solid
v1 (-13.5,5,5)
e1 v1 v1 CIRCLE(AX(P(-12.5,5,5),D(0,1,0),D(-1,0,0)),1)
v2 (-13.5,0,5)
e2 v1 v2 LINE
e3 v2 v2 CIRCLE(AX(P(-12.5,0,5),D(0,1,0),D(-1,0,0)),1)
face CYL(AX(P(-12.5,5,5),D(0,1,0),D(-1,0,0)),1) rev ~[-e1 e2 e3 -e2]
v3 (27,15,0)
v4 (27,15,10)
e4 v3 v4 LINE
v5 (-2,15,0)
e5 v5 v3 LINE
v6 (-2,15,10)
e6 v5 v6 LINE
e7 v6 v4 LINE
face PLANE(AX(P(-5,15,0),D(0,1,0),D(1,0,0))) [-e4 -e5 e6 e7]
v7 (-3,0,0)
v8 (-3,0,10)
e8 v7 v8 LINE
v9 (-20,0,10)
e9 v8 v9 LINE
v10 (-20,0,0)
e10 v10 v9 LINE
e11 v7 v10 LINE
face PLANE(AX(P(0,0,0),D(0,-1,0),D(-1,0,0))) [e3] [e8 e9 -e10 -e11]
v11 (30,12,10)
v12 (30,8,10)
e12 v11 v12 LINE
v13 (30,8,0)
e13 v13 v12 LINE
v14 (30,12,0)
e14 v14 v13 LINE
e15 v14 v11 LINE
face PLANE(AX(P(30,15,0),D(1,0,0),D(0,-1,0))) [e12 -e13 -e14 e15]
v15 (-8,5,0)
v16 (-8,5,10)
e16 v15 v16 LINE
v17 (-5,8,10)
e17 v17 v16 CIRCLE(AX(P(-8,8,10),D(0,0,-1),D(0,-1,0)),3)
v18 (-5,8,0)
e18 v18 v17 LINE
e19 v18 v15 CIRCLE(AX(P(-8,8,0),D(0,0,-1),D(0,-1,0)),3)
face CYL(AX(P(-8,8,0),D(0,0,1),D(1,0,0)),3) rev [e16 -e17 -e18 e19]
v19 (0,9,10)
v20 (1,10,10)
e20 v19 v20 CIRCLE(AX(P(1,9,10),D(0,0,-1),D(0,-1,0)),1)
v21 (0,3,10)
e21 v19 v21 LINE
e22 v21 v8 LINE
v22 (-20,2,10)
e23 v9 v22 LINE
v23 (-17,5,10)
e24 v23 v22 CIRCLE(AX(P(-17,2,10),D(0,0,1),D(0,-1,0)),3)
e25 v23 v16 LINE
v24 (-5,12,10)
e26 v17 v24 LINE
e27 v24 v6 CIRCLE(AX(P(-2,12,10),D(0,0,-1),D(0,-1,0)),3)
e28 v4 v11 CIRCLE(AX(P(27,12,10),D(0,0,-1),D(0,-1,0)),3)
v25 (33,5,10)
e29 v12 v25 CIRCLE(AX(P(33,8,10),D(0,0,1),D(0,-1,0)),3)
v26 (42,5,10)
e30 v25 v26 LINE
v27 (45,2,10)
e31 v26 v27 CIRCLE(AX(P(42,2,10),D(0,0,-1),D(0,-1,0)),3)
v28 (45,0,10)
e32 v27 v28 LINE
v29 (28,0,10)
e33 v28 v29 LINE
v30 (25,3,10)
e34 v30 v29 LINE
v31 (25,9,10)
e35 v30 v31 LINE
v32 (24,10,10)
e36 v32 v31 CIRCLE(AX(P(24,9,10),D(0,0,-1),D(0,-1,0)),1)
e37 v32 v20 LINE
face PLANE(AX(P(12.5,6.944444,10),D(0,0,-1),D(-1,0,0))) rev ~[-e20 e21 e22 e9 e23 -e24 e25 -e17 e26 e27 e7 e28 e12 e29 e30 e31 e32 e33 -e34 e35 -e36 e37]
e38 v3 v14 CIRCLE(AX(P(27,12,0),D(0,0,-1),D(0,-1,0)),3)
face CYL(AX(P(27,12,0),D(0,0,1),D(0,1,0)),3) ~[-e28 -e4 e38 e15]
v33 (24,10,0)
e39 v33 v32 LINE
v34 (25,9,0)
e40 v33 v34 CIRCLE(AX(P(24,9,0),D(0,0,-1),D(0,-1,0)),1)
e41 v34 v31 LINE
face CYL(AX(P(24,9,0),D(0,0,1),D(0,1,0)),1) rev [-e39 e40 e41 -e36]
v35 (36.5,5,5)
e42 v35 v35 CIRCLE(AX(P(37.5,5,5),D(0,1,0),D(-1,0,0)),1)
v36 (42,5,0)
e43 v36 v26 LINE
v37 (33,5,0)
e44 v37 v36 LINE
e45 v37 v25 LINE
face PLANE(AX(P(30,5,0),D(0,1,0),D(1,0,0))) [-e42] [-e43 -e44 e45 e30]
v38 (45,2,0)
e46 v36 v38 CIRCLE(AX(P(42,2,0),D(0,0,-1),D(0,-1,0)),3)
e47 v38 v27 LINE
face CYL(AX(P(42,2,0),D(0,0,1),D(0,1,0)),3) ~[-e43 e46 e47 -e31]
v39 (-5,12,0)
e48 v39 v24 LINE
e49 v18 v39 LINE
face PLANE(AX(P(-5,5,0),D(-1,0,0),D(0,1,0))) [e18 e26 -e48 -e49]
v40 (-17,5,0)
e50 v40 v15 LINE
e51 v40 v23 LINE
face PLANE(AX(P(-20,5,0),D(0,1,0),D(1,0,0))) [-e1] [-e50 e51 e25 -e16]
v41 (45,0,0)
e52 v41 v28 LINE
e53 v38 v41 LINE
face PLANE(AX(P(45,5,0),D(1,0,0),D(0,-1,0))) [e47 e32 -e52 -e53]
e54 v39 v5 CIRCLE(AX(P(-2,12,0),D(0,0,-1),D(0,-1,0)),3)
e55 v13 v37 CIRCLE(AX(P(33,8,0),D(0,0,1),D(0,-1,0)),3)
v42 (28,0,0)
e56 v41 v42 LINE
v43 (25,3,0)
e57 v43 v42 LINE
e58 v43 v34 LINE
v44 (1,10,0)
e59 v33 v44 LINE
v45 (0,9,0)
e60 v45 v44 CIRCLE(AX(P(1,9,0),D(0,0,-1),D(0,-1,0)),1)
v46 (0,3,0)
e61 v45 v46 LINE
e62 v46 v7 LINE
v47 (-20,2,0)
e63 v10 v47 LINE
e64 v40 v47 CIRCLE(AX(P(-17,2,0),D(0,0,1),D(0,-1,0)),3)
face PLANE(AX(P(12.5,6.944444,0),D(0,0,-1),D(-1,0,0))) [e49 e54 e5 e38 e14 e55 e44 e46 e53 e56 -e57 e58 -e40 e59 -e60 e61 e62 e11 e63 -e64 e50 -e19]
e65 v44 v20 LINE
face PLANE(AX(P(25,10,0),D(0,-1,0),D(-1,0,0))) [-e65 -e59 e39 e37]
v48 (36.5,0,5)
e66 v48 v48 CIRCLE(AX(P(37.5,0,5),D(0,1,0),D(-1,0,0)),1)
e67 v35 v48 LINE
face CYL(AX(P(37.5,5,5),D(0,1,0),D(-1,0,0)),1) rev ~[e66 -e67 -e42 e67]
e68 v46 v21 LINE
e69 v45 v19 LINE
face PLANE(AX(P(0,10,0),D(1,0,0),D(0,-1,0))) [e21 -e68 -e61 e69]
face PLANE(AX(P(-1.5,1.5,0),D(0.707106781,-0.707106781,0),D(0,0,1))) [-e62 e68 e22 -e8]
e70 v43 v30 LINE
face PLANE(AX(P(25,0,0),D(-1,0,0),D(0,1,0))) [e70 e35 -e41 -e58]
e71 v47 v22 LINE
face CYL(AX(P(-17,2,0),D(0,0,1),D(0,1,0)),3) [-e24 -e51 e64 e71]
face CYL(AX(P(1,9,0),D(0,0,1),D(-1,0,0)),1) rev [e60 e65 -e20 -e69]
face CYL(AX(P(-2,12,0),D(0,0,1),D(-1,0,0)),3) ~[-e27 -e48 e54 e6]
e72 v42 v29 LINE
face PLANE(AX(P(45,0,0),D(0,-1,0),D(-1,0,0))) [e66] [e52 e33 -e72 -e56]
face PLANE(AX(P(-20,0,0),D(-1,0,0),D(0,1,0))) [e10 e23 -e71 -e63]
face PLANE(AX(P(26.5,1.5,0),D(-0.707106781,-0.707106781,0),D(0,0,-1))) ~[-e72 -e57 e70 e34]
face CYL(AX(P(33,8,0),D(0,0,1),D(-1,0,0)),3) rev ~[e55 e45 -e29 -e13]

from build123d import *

# Parameters (mm, degrees)
PAD_DEPTH       = 10
FILLET_R        = 3
FILLET001_R     = 1
FILLET002_R     = 1
CHAMFER_SIZE    = 3
CHAMFER001_SIZE = 3
FILLET003_R     = 3
FILLET004_R     = 3
FILLET005_R     = 3
FILLET006_R     = 3
FILLET007_R     = 3
SKETCH001_R     = 1
POCKET_DEPTH    = 5
SKETCH002_R     = 1
POCKET001_DEPTH = 5


with BuildPart() as part:
    # Sketch → Pad (new body)
    with BuildSketch(Plane.XY):
        Polygon((0, 0), (-20, 0), (-20, 5), (-5, 5), (-5, 15), (30, 15), (30, 5), (45, 5), (45, 0), (25, 0), (25, 10), (0, 10), align=None)
    extrude(amount=PAD_DEPTH)

    # Fillet
    fillet_edges = [part.edges().sort_by_distance(p)[0] for p in [
        (-5, 15, 5),
    ]]
    fillet(fillet_edges, radius=FILLET_R)

    # Fillet001
    fillet001_edges = [part.edges().sort_by_distance(p)[0] for p in [
        (0, 10, 5),
    ]]
    fillet(fillet001_edges, radius=FILLET001_R)

    # Fillet002
    fillet002_edges = [part.edges().sort_by_distance(p)[0] for p in [
        (25, 10, 5),
    ]]
    fillet(fillet002_edges, radius=FILLET002_R)

    # Chamfer
    chamfer_edges = [part.edges().sort_by_distance(p)[0] for p in [
        (25, 0, 5),
    ]]
    chamfer(chamfer_edges, length=CHAMFER_SIZE)

    # Chamfer001
    chamfer001_edges = [part.edges().sort_by_distance(p)[0] for p in [
        (0, 0, 5),
    ]]
    chamfer(chamfer001_edges, length=CHAMFER001_SIZE)

    # Fillet003
    fillet003_edges = [part.edges().sort_by_distance(p)[0] for p in [
        (30, 15, 5),
    ]]
    fillet(fillet003_edges, radius=FILLET003_R)

    # Fillet004
    fillet004_edges = [part.edges().sort_by_distance(p)[0] for p in [
        (45, 5, 5),
    ]]
    fillet(fillet004_edges, radius=FILLET004_R)

    # Fillet005
    fillet005_edges = [part.edges().sort_by_distance(p)[0] for p in [
        (-20, 5, 5),
    ]]
    fillet(fillet005_edges, radius=FILLET005_R)

    # Fillet006
    fillet006_edges = [part.edges().sort_by_distance(p)[0] for p in [
        (30, 5, 5),
    ]]
    fillet(fillet006_edges, radius=FILLET006_R)

    # Fillet007
    fillet007_edges = [part.edges().sort_by_distance(p)[0] for p in [
        (-5, 5, 5),
    ]]
    fillet(fillet007_edges, radius=FILLET007_R)

    # Sketch001 → Pocket (cut)
    with BuildSketch(Plane(origin=(0, 5, 0), x_dir=(-1, 0, 0), z_dir=(0, 1, 0))):
        with Locations((-37.5, 5)):
            Circle(SKETCH001_R)
    extrude(amount=-POCKET_DEPTH, mode=Mode.SUBTRACT)

    # Sketch002 → Pocket001 (cut)
    with BuildSketch(Plane(origin=(0, 5, 0), x_dir=(-1, 0, 0), z_dir=(0, 1, 0))):
        with Locations((12.5, 5)):
            Circle(SKETCH002_R)
    extrude(amount=-POCKET001_DEPTH, mode=Mode.SUBTRACT)


solid = part.part
